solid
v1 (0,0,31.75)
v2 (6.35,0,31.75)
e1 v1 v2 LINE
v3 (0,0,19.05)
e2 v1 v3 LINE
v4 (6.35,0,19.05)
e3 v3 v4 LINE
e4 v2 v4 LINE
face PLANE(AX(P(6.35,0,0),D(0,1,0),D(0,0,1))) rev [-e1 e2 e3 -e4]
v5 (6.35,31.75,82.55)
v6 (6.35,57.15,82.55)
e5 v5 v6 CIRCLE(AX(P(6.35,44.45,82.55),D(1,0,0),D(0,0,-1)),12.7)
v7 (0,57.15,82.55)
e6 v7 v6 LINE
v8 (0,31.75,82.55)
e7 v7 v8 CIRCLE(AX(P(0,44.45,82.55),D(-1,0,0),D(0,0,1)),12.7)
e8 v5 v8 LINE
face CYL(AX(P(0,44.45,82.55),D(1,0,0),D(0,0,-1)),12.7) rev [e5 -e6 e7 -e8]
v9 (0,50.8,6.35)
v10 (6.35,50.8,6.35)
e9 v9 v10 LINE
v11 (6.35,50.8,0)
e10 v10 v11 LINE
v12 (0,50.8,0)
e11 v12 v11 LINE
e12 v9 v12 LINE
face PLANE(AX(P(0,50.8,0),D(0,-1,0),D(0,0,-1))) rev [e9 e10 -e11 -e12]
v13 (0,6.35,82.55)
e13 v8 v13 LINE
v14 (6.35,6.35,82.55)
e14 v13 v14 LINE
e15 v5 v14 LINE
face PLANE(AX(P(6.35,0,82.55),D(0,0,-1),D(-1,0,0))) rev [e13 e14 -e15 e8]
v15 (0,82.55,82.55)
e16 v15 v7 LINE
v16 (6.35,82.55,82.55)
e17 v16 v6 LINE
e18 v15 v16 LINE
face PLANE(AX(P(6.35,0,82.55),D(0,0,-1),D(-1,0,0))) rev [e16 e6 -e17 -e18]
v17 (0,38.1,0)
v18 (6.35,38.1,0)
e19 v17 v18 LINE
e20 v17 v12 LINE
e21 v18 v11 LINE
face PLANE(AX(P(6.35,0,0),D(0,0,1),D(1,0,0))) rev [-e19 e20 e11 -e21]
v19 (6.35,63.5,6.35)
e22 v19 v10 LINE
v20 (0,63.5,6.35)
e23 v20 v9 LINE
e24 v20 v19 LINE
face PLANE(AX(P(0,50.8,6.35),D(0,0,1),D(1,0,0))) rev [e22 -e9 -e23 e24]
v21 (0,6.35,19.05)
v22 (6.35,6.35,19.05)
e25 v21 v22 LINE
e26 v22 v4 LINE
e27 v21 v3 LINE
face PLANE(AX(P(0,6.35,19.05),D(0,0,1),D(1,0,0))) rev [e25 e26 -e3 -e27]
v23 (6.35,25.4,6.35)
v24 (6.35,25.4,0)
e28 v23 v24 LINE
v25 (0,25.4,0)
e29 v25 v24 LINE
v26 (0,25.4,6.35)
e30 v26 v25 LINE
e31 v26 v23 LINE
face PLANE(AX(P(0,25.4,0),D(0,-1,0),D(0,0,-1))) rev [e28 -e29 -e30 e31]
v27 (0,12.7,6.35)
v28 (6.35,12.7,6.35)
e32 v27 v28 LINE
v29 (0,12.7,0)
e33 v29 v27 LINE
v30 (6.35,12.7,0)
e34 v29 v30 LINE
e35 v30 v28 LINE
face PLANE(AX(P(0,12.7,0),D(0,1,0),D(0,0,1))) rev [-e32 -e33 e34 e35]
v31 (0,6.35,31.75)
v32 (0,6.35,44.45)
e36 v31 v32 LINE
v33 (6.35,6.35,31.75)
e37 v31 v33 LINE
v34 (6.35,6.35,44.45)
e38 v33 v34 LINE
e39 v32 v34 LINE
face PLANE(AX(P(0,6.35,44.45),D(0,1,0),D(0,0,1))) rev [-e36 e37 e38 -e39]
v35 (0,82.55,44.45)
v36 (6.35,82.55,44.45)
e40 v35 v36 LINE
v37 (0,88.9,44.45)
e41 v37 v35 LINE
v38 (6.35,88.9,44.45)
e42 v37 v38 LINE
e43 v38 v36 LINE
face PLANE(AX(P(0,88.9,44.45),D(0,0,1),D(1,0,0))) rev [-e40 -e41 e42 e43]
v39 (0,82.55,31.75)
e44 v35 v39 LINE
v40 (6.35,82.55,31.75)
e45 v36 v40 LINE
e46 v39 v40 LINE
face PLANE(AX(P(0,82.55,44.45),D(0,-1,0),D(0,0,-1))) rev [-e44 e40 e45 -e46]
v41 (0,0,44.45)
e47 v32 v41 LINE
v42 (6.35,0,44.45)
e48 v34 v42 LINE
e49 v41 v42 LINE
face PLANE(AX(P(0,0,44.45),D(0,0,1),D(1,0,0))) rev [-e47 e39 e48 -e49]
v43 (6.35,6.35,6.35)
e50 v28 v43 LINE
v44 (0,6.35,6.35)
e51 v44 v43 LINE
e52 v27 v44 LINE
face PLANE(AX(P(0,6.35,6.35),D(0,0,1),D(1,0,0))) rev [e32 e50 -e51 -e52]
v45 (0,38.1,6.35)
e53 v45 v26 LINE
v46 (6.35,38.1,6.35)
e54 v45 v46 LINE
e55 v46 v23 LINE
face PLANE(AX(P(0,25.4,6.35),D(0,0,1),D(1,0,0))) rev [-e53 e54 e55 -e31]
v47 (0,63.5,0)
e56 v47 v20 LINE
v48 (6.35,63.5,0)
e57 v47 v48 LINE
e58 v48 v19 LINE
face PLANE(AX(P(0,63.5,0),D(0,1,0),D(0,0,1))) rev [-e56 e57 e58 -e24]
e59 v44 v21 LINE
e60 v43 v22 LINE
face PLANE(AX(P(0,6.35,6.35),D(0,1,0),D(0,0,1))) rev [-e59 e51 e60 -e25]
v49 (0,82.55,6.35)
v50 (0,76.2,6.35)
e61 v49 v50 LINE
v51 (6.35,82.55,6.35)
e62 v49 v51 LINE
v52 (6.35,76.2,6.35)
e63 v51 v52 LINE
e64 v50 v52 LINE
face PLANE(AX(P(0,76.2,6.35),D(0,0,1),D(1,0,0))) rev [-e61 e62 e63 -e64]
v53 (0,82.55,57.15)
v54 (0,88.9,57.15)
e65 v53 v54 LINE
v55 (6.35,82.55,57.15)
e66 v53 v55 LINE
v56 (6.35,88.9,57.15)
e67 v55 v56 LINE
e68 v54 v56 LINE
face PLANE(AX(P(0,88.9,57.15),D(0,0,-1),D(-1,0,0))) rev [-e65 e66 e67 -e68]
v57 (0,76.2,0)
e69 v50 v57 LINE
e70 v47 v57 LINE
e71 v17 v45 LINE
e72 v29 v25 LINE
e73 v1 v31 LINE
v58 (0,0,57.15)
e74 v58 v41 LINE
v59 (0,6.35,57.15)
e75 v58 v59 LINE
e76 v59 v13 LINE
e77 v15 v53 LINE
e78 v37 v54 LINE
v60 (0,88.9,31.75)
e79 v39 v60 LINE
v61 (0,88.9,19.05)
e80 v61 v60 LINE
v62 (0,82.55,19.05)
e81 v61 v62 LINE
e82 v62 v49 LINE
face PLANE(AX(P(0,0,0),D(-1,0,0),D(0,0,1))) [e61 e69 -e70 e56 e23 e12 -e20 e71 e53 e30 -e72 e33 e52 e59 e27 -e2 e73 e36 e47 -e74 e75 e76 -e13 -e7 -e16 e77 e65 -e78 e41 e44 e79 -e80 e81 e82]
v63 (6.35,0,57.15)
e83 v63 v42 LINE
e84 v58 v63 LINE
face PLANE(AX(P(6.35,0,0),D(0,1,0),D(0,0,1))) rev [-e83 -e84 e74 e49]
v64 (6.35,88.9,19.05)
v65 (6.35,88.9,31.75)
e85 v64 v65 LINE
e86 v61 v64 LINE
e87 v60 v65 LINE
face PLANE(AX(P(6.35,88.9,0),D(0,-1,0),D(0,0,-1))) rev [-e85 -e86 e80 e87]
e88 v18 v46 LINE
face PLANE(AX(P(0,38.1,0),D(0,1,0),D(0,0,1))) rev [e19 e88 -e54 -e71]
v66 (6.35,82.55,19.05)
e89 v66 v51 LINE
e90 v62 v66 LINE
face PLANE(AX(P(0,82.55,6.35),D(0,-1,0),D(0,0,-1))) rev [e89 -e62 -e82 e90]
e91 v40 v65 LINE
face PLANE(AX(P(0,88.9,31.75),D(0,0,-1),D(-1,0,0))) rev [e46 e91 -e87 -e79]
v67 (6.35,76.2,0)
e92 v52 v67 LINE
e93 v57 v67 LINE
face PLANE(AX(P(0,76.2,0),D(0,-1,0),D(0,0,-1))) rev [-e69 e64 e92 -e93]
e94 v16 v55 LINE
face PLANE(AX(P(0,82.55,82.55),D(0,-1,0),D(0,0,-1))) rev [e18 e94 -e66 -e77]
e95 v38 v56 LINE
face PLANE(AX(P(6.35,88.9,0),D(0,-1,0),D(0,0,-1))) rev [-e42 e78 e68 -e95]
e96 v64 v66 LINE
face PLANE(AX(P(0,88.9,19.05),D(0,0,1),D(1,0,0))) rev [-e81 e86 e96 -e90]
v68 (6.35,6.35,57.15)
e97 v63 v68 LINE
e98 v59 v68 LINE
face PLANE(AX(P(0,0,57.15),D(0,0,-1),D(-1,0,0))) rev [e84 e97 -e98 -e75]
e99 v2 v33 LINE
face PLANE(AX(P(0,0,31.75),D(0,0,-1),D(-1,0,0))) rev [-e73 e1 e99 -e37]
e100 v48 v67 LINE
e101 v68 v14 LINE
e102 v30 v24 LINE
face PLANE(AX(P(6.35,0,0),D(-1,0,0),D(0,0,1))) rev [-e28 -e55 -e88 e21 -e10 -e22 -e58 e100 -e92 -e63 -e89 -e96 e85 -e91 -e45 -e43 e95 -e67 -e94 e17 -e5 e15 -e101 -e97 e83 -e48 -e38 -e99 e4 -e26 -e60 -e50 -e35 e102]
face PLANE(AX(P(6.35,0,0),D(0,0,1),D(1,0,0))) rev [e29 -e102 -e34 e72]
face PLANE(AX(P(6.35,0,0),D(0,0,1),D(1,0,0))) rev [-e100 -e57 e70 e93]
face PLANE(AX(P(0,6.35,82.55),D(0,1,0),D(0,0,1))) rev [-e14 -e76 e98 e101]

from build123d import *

# Parameters (mm, degrees)
SKETCH1_W           = 88.9
SKETCH1_H           = 82.55
BOSS_EXTRUDE1_DEPTH = 6.35
SKETCH2_R           = 12.7
SKETCH2_W           = 12.7
SKETCH2_H           = 6.35
SKETCH2_W_2         = 6.35
SKETCH2_H_2         = 25.4
SKETCH2_H_3         = 12.7
CUT_EXTRUDE2_DEPTH  = 6.35


with BuildPart() as part:
    # Sketch1 → Boss-Extrude1 (new body)
    with BuildSketch(Plane.YZ):
        with Locations((44.45, 41.275)):
            Rectangle(SKETCH1_W, SKETCH1_H)
    extrude(amount=BOSS_EXTRUDE1_DEPTH)

    # Sketch2 → Cut-Extrude2 (cut)
    with BuildSketch(Plane.YZ.offset(6.35)):
        with Locations((44.45, 82.55)):
            Circle(SKETCH2_R)
        with Locations((57.15, 3.175)):
            Rectangle(SKETCH2_W, SKETCH2_H)
        with Locations((31.75, 3.175)):
            Rectangle(SKETCH2_W, SKETCH2_H)
        Polygon((0, 0), (12.7, 0), (12.7, 6.35), (6.35, 6.35), (6.35, 19.05), (0, 19.05), (0, 6.35), align=None)
        Polygon((76.2, 0), (88.9, 0), (88.9, 6.35), (88.9, 19.05), (82.55, 19.05), (82.55, 6.35), (76.2, 6.35), align=None)
        with Locations((3.175, 69.85)):
            Rectangle(SKETCH2_W_2, SKETCH2_H_2)
        with Locations((3.175, 38.1)):
            Rectangle(SKETCH2_W_2, SKETCH2_H_3)
        with Locations((85.725, 38.1)):
            Rectangle(SKETCH2_W_2, SKETCH2_H_3)
        with Locations((85.725, 69.85)):
            Rectangle(SKETCH2_W_2, SKETCH2_H_2)
    extrude(amount=-CUT_EXTRUDE2_DEPTH, mode=Mode.SUBTRACT)


solid = part.part
